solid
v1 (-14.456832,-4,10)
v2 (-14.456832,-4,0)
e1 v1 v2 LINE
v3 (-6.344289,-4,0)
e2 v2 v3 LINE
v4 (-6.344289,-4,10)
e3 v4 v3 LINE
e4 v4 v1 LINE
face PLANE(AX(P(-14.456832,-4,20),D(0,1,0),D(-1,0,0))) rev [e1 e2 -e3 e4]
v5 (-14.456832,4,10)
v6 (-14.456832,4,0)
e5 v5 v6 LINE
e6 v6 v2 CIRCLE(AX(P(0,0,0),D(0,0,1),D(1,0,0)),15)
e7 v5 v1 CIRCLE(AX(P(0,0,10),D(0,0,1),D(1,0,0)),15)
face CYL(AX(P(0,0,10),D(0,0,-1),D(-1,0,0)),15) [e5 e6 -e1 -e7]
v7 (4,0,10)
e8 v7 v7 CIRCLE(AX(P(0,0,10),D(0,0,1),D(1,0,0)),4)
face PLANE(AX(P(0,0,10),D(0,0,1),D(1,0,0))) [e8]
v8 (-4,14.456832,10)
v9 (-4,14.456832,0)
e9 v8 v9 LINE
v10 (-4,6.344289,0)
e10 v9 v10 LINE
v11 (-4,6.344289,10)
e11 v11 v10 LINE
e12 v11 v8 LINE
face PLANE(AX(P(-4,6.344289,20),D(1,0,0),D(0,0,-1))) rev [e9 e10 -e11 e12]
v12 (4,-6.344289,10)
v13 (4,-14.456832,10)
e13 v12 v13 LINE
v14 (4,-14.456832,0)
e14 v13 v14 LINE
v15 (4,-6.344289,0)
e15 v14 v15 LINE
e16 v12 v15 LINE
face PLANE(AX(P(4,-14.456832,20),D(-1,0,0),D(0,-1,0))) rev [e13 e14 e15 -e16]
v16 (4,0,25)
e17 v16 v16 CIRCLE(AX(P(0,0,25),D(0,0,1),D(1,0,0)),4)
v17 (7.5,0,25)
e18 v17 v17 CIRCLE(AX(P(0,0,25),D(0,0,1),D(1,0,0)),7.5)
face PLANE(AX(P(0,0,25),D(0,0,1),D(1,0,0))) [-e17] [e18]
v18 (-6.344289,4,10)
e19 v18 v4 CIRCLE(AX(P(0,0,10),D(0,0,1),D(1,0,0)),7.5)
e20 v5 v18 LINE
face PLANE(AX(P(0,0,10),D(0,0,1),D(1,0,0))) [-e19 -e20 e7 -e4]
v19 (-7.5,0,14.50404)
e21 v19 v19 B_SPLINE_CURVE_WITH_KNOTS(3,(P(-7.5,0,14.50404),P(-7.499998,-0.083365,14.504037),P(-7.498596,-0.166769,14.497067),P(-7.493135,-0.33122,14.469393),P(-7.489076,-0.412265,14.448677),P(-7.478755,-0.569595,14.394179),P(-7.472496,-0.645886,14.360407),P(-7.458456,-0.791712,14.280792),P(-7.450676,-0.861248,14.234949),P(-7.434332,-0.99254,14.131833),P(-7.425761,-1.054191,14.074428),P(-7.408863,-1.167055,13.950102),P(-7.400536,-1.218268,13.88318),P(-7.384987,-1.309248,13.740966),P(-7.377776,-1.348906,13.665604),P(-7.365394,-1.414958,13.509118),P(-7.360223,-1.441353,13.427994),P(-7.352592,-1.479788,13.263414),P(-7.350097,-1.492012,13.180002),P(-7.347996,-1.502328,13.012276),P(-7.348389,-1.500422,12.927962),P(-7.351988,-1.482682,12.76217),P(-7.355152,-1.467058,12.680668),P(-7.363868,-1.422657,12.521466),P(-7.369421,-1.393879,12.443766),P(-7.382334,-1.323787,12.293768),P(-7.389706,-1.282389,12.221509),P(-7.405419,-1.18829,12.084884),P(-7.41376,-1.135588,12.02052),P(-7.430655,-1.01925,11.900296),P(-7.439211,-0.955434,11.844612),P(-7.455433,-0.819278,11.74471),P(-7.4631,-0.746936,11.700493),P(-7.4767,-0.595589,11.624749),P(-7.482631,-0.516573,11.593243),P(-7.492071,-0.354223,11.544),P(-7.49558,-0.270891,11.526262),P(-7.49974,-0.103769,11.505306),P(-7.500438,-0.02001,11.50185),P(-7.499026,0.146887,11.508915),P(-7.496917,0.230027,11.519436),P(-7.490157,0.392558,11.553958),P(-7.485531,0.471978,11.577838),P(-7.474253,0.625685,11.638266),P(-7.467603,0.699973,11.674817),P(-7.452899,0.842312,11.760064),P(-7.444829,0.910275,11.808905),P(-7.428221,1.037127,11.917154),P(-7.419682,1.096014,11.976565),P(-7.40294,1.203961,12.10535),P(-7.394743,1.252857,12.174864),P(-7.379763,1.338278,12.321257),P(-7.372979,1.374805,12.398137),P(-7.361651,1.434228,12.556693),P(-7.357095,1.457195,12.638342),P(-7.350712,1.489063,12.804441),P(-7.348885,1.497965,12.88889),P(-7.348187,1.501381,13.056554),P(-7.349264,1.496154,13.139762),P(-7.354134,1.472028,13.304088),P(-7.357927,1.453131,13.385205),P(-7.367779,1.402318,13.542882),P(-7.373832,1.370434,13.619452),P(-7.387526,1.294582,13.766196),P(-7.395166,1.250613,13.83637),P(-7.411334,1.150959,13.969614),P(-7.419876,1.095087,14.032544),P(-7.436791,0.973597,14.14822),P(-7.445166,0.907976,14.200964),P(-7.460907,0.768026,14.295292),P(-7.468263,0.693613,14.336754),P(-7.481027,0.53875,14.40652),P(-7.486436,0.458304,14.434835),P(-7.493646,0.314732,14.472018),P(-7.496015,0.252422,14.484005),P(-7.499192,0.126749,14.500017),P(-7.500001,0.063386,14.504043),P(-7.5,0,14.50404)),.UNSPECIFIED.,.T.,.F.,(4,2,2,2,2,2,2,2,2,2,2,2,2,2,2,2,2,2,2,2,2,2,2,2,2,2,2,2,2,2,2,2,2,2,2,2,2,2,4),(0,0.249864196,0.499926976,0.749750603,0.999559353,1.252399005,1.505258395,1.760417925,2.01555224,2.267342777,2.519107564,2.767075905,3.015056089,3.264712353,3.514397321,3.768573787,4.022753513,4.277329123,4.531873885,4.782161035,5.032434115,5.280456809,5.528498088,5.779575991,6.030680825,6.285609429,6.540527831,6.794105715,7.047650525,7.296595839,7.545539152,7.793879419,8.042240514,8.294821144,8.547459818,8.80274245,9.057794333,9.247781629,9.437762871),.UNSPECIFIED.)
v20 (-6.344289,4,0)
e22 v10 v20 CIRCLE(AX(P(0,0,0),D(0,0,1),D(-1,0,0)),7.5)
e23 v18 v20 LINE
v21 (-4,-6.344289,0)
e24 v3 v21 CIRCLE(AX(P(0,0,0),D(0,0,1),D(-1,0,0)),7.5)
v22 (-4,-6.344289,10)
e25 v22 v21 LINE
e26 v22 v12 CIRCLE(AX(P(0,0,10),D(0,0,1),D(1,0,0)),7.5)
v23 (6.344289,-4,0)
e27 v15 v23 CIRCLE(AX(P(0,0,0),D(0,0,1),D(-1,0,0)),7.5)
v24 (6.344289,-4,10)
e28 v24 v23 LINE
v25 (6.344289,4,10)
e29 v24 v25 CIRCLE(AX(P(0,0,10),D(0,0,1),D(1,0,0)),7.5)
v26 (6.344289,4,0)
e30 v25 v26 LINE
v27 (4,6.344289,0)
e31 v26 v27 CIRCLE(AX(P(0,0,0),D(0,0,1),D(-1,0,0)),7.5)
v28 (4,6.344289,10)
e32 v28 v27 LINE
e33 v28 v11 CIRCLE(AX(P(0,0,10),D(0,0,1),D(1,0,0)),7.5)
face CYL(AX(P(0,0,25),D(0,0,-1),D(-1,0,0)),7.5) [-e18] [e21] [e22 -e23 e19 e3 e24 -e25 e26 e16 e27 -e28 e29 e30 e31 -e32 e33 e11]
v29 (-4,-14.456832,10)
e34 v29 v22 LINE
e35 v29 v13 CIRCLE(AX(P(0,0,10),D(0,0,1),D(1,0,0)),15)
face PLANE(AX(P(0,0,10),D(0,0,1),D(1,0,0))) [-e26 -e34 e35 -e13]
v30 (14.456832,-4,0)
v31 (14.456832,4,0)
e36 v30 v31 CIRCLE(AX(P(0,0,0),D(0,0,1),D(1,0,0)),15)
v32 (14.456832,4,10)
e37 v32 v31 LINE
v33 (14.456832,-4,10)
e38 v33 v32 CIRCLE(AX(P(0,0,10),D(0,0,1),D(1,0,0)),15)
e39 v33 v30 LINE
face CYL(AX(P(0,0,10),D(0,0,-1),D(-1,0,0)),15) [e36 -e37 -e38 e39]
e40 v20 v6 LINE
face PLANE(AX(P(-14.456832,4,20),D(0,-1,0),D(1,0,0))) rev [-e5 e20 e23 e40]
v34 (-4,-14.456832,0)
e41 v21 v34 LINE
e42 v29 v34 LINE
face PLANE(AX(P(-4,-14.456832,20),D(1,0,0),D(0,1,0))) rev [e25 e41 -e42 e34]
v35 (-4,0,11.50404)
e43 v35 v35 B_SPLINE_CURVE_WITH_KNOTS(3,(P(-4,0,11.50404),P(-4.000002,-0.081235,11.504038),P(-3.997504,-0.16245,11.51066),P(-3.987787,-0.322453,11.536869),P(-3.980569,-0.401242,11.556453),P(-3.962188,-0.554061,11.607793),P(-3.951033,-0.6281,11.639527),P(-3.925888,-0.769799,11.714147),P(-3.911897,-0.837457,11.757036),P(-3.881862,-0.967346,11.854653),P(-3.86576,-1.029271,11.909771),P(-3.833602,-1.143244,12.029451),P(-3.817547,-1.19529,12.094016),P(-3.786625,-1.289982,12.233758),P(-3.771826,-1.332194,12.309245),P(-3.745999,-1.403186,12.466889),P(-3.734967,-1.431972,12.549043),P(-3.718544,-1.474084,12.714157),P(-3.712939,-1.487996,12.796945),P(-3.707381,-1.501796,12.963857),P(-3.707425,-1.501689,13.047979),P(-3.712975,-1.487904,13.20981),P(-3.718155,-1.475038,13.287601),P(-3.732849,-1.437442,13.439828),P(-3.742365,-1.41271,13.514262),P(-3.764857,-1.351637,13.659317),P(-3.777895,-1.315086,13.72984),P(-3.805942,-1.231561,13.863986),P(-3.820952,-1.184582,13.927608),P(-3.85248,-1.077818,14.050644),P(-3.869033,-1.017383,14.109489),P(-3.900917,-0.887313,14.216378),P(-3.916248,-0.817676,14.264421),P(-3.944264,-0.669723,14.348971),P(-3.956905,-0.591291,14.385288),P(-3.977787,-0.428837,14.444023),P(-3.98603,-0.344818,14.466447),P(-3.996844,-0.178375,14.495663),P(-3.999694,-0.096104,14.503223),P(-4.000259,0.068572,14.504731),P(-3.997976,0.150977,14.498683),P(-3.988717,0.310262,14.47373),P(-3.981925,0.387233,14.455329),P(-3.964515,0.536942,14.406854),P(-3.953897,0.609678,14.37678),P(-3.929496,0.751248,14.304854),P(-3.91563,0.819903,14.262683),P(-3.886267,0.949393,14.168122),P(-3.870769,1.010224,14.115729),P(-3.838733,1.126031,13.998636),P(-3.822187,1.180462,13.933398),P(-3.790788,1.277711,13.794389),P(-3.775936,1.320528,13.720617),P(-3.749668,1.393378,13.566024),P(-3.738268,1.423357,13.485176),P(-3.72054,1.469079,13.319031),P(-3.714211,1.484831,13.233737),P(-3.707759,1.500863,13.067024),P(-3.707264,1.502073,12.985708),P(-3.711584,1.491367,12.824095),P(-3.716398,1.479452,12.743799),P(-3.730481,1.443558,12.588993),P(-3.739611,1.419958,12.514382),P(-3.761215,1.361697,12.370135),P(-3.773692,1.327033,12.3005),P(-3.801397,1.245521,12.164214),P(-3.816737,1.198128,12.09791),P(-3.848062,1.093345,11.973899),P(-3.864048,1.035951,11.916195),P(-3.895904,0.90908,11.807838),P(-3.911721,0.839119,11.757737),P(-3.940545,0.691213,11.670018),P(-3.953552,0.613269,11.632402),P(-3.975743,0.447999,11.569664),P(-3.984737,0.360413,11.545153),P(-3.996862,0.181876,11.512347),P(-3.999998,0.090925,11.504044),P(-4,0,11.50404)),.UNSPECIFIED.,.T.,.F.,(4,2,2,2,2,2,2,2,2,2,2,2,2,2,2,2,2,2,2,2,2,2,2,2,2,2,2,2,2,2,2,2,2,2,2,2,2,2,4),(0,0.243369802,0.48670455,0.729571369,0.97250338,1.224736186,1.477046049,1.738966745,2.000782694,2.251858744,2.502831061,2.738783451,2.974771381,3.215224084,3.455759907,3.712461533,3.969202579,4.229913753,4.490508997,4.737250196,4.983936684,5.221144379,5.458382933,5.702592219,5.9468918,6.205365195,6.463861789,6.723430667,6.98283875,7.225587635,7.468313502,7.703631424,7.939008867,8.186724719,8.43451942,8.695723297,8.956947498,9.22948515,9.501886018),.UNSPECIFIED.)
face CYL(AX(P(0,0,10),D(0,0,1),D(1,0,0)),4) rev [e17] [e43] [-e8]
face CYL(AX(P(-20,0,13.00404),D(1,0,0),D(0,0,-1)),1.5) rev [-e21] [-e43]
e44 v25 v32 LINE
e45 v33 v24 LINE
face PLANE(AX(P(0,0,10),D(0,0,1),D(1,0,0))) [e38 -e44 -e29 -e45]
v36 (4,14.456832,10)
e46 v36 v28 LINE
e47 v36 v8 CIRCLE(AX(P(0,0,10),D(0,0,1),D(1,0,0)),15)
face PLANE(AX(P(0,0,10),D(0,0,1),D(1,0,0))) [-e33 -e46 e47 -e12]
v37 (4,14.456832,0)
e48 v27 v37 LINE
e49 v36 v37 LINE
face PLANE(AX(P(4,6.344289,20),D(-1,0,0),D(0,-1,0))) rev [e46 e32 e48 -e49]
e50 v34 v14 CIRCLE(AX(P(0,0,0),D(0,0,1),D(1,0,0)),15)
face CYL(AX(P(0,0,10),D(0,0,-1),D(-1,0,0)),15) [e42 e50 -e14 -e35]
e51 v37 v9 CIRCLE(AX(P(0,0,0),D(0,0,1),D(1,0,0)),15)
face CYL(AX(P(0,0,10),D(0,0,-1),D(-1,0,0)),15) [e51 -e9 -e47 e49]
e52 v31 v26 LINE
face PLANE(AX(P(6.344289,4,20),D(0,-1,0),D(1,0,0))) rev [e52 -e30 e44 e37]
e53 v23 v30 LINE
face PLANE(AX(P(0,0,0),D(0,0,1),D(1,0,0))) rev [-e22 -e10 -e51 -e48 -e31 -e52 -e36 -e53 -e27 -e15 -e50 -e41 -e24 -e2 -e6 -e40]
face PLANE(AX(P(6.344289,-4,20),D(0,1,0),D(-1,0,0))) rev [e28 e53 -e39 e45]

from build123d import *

# Parameters (mm, degrees)
ESBO_O1_R                = 15
RESSALTO_EXTRUS_O1_DEPTH = 10
ESBO_O2_R                = 7.5
RESSALTO_EXTRUS_O2_DEPTH = 15
ESBO_O3_R                = 4
CORTE_EXTRUS_O1_DEPTH    = 15
CORTE_EXTRUS_O2_DEPTH    = 20
ESBO_O5_R                = 1.5
CORTE_EXTRUS_O3_DEPTH    = 20


with BuildPart() as part:
    # Esboço1 → Ressalto-extrusão1 (new body)
    with BuildSketch(Plane.XY):
        Circle(ESBO_O1_R)
    extrude(amount=RESSALTO_EXTRUS_O1_DEPTH)

    # Esboço2 → Ressalto-extrusão2 (add)
    with BuildSketch(Plane.XY.offset(10)):
        Circle(ESBO_O2_R)
    extrude(amount=RESSALTO_EXTRUS_O2_DEPTH)

    # Esboço3 → Corte-extrusão1 (cut)
    with BuildSketch(Plane.XY.offset(25)):
        Circle(ESBO_O3_R)
    extrude(amount=-CORTE_EXTRUS_O1_DEPTH, mode=Mode.SUBTRACT)

    # Esboço4 → Corte-extrusão2 (cut)
    with BuildSketch(Plane(origin=(0, 0, 0), x_dir=(-1, 0, 0), z_dir=(0, 0, -1))):
        with BuildLine():
            Line((-4, 6.34428877), (-4, 14.456832295))
            ThreePointArc((-4, 14.456832295), (-10.606601718, 10.606601718), (-14.456832295, 4))
            Line((-14.456832295, 4), (-6.34428877, 4))
            ThreePointArc((-6.34428877, 4), (-5.303300859, 5.303300859), (-4, 6.34428877))
        make_face()
        with BuildLine():
            Line((4, -14.456832295), (4, -6.34428877))
            ThreePointArc((4, -6.34428877), (5.303300859, -5.303300859), (6.34428877, -4))
            Line((6.34428877, -4), (14.456832295, -4))
            ThreePointArc((14.456832295, -4), (10.606601718, -10.606601718), (4, -14.456832295))
        make_face()
        with BuildLine():
            Line((-4, -14.456832295), (-4, -6.34428877))
            ThreePointArc((-4, -6.34428877), (-5.303300859, -5.303300859), (-6.34428877, -4))
            Line((-6.34428877, -4), (-14.456832295, -4))
            ThreePointArc((-14.456832295, -4), (-10.606601718, -10.606601718), (-4, -14.456832295))
        make_face()
        with BuildLine():
            Line((14.456832295, 4), (6.34428877, 4))
            ThreePointArc((6.34428877, 4), (5.303300859, 5.303300859), (4, 6.34428877))
            Line((4, 6.34428877), (4, 14.456832295))
            ThreePointArc((4, 14.456832295), (10.606601718, 10.606601718), (14.456832295, 4))
        make_face()
    extrude(amount=-CORTE_EXTRUS_O2_DEPTH, mode=Mode.SUBTRACT)

    # Esboço5 → Corte-extrusão3 (cut)
    with BuildSketch(Plane(origin=(0, 0, 0), x_dir=(0, 0, -1), z_dir=(1, 0, 0))):
        with Locations((-13.004040431, 0)):
            Circle(ESBO_O5_R)
    extrude(amount=-CORTE_EXTRUS_O3_DEPTH, mode=Mode.SUBTRACT)


solid = part.part
